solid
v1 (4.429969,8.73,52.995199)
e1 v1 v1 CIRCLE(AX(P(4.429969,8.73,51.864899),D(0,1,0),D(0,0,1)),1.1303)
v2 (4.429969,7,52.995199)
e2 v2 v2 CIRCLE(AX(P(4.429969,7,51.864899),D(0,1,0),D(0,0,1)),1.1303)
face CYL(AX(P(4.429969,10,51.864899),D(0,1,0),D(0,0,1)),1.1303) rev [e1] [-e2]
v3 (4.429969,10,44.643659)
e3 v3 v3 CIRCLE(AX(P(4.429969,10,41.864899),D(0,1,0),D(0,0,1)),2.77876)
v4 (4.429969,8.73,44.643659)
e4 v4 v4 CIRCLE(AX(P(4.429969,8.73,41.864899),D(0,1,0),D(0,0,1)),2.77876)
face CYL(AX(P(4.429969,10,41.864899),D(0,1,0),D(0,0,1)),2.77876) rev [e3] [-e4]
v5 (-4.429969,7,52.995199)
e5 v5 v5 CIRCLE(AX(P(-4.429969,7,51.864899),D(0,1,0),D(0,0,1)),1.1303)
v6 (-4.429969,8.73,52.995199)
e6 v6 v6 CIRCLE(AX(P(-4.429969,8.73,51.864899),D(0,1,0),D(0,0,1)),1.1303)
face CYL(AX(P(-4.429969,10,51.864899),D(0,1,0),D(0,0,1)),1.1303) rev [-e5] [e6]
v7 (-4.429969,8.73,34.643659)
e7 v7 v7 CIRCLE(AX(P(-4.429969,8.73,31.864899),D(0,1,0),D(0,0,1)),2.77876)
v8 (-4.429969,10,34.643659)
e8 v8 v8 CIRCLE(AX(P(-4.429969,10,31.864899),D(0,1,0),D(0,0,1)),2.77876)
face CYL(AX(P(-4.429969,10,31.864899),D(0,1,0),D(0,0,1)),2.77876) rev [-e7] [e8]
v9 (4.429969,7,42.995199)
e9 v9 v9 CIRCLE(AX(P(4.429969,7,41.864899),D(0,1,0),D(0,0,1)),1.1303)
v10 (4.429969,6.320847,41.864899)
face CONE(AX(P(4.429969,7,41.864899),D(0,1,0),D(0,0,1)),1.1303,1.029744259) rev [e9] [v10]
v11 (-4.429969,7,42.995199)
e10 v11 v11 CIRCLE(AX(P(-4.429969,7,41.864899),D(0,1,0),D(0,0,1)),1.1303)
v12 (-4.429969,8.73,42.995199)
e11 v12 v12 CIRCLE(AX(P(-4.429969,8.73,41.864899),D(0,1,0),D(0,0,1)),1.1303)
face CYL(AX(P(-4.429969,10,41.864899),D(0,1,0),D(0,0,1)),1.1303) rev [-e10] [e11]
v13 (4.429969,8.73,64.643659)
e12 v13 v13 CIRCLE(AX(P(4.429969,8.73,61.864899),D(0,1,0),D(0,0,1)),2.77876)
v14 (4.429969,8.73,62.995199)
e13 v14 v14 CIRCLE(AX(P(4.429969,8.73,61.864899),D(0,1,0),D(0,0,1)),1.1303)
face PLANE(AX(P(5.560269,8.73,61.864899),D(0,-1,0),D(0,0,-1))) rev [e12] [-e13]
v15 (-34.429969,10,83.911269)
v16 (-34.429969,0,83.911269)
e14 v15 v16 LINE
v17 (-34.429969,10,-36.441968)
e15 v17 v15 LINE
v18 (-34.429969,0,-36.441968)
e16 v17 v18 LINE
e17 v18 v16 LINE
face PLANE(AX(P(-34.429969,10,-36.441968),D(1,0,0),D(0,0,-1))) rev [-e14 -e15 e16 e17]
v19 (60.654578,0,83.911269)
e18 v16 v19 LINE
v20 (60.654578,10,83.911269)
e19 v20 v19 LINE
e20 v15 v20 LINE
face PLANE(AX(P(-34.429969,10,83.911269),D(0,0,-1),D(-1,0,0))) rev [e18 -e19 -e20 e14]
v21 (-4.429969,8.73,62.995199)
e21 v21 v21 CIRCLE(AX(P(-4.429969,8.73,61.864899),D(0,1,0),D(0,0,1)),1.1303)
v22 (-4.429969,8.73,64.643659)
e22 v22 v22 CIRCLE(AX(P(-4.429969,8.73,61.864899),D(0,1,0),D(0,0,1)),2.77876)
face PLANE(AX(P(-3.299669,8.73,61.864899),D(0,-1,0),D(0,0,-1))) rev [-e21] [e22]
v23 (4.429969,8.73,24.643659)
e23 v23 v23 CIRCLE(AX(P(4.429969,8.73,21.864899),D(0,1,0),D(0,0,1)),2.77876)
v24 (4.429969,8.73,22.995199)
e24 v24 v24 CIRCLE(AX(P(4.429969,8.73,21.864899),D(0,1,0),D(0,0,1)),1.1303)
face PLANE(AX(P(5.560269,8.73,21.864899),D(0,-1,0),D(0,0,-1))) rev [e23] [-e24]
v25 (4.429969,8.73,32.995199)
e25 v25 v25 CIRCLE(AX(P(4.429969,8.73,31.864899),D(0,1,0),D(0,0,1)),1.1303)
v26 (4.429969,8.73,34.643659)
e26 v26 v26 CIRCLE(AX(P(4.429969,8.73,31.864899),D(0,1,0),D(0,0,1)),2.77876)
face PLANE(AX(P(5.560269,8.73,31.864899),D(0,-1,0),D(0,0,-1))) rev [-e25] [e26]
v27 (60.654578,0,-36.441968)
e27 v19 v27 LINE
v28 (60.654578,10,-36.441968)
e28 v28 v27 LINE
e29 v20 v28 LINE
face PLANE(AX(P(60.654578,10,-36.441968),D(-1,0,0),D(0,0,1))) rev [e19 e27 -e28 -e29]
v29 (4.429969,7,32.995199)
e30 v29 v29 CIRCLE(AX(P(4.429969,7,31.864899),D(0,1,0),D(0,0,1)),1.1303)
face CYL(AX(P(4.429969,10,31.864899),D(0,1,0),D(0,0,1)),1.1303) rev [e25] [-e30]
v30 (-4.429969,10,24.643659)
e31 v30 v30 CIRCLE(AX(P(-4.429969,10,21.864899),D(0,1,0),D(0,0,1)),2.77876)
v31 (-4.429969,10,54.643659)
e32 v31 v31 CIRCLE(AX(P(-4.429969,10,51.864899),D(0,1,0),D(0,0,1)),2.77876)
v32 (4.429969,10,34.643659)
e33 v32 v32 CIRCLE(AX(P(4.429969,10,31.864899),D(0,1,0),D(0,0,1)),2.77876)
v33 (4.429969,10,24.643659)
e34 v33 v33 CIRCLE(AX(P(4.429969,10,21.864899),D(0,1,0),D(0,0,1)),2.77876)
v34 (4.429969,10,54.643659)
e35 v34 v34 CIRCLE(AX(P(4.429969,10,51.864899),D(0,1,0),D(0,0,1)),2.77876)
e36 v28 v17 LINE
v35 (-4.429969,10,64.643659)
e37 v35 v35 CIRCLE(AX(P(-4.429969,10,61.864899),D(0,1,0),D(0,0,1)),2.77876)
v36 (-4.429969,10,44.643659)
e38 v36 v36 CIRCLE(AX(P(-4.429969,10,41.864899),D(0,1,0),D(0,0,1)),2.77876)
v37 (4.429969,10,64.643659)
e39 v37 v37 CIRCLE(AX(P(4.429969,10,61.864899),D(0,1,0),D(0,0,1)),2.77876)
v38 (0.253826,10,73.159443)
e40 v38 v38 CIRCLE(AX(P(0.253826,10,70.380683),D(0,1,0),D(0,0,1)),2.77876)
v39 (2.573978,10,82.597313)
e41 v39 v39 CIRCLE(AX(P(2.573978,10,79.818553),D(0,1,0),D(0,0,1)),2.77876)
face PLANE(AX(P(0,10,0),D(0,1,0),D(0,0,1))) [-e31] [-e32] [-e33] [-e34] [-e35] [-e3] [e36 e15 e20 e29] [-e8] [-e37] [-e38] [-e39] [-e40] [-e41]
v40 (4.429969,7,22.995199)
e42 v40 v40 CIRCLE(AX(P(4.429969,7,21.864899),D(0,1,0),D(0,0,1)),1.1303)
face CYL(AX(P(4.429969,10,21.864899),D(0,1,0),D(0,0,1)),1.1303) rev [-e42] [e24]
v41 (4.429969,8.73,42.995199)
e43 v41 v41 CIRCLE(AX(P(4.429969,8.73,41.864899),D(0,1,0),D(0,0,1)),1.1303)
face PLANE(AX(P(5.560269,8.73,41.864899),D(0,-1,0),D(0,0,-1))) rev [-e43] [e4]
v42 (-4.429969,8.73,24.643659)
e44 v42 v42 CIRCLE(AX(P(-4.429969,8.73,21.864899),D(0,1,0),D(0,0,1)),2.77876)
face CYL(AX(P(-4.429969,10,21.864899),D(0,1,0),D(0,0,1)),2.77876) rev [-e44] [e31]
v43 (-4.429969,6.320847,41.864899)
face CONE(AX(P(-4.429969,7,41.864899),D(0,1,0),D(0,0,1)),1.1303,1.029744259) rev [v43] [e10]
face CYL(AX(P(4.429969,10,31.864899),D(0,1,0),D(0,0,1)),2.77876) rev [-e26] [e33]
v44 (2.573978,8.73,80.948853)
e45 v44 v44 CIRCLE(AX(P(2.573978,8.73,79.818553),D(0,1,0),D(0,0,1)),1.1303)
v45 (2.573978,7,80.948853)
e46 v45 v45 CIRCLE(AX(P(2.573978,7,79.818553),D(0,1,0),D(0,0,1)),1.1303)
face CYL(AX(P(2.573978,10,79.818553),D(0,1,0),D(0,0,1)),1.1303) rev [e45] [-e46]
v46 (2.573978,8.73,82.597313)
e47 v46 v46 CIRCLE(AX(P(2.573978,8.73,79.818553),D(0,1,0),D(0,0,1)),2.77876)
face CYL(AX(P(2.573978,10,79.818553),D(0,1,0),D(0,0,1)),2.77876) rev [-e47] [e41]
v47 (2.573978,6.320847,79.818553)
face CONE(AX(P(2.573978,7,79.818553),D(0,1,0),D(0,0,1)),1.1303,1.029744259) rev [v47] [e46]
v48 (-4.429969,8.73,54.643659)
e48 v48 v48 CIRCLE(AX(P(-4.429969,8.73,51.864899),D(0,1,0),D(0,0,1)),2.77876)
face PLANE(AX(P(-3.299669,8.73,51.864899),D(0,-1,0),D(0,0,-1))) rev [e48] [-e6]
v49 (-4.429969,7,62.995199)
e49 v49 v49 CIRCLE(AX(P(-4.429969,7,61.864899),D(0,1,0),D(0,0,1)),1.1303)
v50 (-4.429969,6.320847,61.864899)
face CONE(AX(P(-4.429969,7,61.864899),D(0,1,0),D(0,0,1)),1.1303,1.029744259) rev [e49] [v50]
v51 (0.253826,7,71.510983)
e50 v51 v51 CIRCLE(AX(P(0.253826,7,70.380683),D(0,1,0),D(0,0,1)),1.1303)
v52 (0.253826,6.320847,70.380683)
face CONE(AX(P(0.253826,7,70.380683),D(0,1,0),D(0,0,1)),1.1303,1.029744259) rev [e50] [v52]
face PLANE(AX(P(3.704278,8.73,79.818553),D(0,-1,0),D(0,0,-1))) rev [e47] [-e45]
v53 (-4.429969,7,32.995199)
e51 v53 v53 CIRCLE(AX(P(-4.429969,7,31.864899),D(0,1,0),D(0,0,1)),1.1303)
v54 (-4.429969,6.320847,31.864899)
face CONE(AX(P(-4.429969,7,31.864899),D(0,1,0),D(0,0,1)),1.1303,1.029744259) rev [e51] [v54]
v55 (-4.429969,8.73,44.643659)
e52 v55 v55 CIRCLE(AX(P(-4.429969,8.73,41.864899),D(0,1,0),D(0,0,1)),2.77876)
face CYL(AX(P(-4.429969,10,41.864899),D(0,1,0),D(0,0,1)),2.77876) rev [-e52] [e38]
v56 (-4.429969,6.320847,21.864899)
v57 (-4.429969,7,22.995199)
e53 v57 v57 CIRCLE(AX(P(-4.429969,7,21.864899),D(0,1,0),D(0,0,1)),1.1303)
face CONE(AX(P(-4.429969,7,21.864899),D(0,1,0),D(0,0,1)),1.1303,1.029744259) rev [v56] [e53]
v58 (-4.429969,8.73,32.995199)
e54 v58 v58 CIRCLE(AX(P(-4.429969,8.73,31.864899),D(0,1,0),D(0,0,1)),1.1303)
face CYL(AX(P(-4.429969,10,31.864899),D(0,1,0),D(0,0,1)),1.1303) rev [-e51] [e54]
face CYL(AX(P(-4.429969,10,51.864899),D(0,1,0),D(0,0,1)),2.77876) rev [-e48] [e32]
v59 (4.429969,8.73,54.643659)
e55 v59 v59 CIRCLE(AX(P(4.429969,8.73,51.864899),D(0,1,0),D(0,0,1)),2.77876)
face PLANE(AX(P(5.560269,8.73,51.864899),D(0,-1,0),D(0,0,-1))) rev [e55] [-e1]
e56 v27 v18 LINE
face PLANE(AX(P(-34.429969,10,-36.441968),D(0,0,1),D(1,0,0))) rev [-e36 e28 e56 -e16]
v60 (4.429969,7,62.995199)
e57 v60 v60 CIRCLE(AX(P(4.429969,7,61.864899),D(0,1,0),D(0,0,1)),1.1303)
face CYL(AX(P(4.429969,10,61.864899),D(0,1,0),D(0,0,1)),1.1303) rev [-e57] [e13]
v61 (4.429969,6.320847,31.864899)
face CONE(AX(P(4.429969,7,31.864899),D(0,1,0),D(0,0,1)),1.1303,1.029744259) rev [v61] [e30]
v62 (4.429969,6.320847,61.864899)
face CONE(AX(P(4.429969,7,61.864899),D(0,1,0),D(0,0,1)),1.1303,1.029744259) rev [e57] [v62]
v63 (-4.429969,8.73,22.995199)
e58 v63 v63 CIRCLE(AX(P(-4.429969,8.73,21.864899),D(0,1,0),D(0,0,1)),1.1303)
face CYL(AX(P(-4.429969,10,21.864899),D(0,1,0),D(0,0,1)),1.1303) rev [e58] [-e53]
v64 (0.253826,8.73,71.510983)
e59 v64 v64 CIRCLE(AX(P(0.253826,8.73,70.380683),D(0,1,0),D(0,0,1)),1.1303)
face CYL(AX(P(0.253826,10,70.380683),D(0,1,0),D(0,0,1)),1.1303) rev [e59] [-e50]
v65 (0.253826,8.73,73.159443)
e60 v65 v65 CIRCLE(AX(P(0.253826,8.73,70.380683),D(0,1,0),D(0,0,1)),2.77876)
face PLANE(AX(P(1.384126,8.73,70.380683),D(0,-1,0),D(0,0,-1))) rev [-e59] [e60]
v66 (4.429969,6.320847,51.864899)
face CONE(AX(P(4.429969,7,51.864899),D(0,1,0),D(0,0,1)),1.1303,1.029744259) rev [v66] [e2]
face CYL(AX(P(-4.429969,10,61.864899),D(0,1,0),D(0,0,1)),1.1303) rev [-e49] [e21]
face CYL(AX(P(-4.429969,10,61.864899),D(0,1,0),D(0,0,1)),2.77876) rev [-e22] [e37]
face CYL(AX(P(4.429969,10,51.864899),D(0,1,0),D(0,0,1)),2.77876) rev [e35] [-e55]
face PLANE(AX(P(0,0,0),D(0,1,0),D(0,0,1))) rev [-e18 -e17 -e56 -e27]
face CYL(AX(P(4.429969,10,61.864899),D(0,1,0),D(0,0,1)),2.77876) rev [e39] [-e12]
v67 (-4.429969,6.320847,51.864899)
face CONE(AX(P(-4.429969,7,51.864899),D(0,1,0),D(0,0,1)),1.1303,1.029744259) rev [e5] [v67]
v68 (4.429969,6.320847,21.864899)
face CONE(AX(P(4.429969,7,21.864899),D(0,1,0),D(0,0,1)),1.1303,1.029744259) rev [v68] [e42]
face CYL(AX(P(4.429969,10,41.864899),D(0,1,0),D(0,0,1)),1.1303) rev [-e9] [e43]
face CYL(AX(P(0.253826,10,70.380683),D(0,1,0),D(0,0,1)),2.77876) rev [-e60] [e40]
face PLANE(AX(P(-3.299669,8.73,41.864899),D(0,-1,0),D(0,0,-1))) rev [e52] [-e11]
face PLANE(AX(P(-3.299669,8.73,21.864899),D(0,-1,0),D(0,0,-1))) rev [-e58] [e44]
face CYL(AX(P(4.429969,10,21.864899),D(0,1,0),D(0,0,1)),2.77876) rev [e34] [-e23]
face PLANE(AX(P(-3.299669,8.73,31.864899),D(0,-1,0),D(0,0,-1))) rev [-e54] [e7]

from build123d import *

# Parameters (mm, degrees)
SKETCH1_W           = 95.084546548
SKETCH1_H           = 120.353236263
BOSS_EXTRUDE1_DEPTH = 10
LPATTERN1_COUNT     = 5
LPATTERN1_PITCH     = 10
CIRPATTERN1_COUNT   = 5
CIRPATTERN1_ANGLE   = 60


with BuildPart() as part:
    # Sketch1 → Boss-Extrude1 (new body)
    with BuildSketch(Plane(origin=(0, 0, 0), x_dir=(1, 0, 0), z_dir=(0, 1, 0))):
        with Locations((13.112304348, -23.734650464)):
            Rectangle(SKETCH1_W, SKETCH1_H)
    extrude(amount=BOSS_EXTRUDE1_DEPTH)

    # Sketch3 → CBORE for #2 Binding Head Machine Screw1 (revolve, cut)
    with BuildSketch(Plane(origin=(-4.429968926, 10, 61.864899381), x_dir=(0, 0, 1), z_dir=(1, 0, 0))):
        Polygon((0, 0), (0, 3.679152758), (1.1303, 3), (1.1303, 1.27), (2.77876, 1.27), (2.77876, 0), align=None)
    cbore_for_2_binding_head_machine_screw1 = revolve(axis=Axis((-4.429968926, 16.35, 61.864899381), (0, -1, 0)), mode=Mode.SUBTRACT)

    # LPattern1: CBORE for #2 Binding Head Machine Screw1 ×5
    with Locations(*[(0, 0, -i * LPATTERN1_PITCH) for i in range(1, LPATTERN1_COUNT)]):
        add(cbore_for_2_binding_head_machine_screw1, mode=Mode.SUBTRACT)

    # CirPattern1: CBORE for #2 Binding Head Machine Screw1 ×5 about axis, 2 skipped
    cirpattern1_axis = Axis((-34.429968926, 0, 83.911268596), (0, -1, 0))
    add([cbore_for_2_binding_head_machine_screw1.rotate(cirpattern1_axis, i * CIRPATTERN1_ANGLE / (CIRPATTERN1_COUNT - 1)) for i in range(1, CIRPATTERN1_COUNT) if i not in (3, 4)], mode=Mode.SUBTRACT)

    # Mirror1: CBORE for #2 Binding Head Machine Screw1 across plane
    add(cbore_for_2_binding_head_machine_screw1.mirror(Plane(origin=(0, 0, 0), x_dir=(0, 0, 1), z_dir=(1, 0, 0))), mode=Mode.SUBTRACT)

    # Mirror1 copy 1 sketch → Mirror1 copy 1 (revolve, cut)
    with BuildSketch(Plane(origin=(4.429968926, 10, 51.864899381), x_dir=(0, 0, 1), z_dir=(-1, 0, 0))):
        Polygon((0, 0), (0, -3.679152758), (1.1303, -3), (1.1303, -1.27), (2.77876, -1.27), (2.77876, 0), align=None)
    revolve(axis=Axis((4.429968926, 16.35, 51.864899381), (0, 1, 0)), mode=Mode.SUBTRACT)

    # Mirror1 copy 2 sketch → Mirror1 copy 2 (revolve, cut)
    with BuildSketch(Plane(origin=(4.429968926, 10, 41.864899381), x_dir=(0, 0, 1), z_dir=(-1, 0, 0))):
        Polygon((0, 0), (0, -3.679152758), (1.1303, -3), (1.1303, -1.27), (2.77876, -1.27), (2.77876, 0), align=None)
    revolve(axis=Axis((4.429968926, 16.35, 41.864899381), (0, 1, 0)), mode=Mode.SUBTRACT)

    # Mirror1 copy 3 sketch → Mirror1 copy 3 (revolve, cut)
    with BuildSketch(Plane(origin=(4.429968926, 10, 31.864899381), x_dir=(0, 0, 1), z_dir=(-1, 0, 0))):
        Polygon((0, 0), (0, -3.679152758), (1.1303, -3), (1.1303, -1.27), (2.77876, -1.27), (2.77876, 0), align=None)
    revolve(axis=Axis((4.429968926, 16.35, 31.864899381), (0, 1, 0)), mode=Mode.SUBTRACT)

    # Mirror1 copy 4 sketch → Mirror1 copy 4 (revolve, cut)
    with BuildSketch(Plane(origin=(4.429968926, 10, 21.864899381), x_dir=(0, 0, 1), z_dir=(-1, 0, 0))):
        Polygon((0, 0), (0, -3.679152758), (1.1303, -3), (1.1303, -1.27), (2.77876, -1.27), (2.77876, 0), align=None)
    revolve(axis=Axis((4.429968926, 16.35, 21.864899381), (0, 1, 0)), mode=Mode.SUBTRACT)


solid = part.part
